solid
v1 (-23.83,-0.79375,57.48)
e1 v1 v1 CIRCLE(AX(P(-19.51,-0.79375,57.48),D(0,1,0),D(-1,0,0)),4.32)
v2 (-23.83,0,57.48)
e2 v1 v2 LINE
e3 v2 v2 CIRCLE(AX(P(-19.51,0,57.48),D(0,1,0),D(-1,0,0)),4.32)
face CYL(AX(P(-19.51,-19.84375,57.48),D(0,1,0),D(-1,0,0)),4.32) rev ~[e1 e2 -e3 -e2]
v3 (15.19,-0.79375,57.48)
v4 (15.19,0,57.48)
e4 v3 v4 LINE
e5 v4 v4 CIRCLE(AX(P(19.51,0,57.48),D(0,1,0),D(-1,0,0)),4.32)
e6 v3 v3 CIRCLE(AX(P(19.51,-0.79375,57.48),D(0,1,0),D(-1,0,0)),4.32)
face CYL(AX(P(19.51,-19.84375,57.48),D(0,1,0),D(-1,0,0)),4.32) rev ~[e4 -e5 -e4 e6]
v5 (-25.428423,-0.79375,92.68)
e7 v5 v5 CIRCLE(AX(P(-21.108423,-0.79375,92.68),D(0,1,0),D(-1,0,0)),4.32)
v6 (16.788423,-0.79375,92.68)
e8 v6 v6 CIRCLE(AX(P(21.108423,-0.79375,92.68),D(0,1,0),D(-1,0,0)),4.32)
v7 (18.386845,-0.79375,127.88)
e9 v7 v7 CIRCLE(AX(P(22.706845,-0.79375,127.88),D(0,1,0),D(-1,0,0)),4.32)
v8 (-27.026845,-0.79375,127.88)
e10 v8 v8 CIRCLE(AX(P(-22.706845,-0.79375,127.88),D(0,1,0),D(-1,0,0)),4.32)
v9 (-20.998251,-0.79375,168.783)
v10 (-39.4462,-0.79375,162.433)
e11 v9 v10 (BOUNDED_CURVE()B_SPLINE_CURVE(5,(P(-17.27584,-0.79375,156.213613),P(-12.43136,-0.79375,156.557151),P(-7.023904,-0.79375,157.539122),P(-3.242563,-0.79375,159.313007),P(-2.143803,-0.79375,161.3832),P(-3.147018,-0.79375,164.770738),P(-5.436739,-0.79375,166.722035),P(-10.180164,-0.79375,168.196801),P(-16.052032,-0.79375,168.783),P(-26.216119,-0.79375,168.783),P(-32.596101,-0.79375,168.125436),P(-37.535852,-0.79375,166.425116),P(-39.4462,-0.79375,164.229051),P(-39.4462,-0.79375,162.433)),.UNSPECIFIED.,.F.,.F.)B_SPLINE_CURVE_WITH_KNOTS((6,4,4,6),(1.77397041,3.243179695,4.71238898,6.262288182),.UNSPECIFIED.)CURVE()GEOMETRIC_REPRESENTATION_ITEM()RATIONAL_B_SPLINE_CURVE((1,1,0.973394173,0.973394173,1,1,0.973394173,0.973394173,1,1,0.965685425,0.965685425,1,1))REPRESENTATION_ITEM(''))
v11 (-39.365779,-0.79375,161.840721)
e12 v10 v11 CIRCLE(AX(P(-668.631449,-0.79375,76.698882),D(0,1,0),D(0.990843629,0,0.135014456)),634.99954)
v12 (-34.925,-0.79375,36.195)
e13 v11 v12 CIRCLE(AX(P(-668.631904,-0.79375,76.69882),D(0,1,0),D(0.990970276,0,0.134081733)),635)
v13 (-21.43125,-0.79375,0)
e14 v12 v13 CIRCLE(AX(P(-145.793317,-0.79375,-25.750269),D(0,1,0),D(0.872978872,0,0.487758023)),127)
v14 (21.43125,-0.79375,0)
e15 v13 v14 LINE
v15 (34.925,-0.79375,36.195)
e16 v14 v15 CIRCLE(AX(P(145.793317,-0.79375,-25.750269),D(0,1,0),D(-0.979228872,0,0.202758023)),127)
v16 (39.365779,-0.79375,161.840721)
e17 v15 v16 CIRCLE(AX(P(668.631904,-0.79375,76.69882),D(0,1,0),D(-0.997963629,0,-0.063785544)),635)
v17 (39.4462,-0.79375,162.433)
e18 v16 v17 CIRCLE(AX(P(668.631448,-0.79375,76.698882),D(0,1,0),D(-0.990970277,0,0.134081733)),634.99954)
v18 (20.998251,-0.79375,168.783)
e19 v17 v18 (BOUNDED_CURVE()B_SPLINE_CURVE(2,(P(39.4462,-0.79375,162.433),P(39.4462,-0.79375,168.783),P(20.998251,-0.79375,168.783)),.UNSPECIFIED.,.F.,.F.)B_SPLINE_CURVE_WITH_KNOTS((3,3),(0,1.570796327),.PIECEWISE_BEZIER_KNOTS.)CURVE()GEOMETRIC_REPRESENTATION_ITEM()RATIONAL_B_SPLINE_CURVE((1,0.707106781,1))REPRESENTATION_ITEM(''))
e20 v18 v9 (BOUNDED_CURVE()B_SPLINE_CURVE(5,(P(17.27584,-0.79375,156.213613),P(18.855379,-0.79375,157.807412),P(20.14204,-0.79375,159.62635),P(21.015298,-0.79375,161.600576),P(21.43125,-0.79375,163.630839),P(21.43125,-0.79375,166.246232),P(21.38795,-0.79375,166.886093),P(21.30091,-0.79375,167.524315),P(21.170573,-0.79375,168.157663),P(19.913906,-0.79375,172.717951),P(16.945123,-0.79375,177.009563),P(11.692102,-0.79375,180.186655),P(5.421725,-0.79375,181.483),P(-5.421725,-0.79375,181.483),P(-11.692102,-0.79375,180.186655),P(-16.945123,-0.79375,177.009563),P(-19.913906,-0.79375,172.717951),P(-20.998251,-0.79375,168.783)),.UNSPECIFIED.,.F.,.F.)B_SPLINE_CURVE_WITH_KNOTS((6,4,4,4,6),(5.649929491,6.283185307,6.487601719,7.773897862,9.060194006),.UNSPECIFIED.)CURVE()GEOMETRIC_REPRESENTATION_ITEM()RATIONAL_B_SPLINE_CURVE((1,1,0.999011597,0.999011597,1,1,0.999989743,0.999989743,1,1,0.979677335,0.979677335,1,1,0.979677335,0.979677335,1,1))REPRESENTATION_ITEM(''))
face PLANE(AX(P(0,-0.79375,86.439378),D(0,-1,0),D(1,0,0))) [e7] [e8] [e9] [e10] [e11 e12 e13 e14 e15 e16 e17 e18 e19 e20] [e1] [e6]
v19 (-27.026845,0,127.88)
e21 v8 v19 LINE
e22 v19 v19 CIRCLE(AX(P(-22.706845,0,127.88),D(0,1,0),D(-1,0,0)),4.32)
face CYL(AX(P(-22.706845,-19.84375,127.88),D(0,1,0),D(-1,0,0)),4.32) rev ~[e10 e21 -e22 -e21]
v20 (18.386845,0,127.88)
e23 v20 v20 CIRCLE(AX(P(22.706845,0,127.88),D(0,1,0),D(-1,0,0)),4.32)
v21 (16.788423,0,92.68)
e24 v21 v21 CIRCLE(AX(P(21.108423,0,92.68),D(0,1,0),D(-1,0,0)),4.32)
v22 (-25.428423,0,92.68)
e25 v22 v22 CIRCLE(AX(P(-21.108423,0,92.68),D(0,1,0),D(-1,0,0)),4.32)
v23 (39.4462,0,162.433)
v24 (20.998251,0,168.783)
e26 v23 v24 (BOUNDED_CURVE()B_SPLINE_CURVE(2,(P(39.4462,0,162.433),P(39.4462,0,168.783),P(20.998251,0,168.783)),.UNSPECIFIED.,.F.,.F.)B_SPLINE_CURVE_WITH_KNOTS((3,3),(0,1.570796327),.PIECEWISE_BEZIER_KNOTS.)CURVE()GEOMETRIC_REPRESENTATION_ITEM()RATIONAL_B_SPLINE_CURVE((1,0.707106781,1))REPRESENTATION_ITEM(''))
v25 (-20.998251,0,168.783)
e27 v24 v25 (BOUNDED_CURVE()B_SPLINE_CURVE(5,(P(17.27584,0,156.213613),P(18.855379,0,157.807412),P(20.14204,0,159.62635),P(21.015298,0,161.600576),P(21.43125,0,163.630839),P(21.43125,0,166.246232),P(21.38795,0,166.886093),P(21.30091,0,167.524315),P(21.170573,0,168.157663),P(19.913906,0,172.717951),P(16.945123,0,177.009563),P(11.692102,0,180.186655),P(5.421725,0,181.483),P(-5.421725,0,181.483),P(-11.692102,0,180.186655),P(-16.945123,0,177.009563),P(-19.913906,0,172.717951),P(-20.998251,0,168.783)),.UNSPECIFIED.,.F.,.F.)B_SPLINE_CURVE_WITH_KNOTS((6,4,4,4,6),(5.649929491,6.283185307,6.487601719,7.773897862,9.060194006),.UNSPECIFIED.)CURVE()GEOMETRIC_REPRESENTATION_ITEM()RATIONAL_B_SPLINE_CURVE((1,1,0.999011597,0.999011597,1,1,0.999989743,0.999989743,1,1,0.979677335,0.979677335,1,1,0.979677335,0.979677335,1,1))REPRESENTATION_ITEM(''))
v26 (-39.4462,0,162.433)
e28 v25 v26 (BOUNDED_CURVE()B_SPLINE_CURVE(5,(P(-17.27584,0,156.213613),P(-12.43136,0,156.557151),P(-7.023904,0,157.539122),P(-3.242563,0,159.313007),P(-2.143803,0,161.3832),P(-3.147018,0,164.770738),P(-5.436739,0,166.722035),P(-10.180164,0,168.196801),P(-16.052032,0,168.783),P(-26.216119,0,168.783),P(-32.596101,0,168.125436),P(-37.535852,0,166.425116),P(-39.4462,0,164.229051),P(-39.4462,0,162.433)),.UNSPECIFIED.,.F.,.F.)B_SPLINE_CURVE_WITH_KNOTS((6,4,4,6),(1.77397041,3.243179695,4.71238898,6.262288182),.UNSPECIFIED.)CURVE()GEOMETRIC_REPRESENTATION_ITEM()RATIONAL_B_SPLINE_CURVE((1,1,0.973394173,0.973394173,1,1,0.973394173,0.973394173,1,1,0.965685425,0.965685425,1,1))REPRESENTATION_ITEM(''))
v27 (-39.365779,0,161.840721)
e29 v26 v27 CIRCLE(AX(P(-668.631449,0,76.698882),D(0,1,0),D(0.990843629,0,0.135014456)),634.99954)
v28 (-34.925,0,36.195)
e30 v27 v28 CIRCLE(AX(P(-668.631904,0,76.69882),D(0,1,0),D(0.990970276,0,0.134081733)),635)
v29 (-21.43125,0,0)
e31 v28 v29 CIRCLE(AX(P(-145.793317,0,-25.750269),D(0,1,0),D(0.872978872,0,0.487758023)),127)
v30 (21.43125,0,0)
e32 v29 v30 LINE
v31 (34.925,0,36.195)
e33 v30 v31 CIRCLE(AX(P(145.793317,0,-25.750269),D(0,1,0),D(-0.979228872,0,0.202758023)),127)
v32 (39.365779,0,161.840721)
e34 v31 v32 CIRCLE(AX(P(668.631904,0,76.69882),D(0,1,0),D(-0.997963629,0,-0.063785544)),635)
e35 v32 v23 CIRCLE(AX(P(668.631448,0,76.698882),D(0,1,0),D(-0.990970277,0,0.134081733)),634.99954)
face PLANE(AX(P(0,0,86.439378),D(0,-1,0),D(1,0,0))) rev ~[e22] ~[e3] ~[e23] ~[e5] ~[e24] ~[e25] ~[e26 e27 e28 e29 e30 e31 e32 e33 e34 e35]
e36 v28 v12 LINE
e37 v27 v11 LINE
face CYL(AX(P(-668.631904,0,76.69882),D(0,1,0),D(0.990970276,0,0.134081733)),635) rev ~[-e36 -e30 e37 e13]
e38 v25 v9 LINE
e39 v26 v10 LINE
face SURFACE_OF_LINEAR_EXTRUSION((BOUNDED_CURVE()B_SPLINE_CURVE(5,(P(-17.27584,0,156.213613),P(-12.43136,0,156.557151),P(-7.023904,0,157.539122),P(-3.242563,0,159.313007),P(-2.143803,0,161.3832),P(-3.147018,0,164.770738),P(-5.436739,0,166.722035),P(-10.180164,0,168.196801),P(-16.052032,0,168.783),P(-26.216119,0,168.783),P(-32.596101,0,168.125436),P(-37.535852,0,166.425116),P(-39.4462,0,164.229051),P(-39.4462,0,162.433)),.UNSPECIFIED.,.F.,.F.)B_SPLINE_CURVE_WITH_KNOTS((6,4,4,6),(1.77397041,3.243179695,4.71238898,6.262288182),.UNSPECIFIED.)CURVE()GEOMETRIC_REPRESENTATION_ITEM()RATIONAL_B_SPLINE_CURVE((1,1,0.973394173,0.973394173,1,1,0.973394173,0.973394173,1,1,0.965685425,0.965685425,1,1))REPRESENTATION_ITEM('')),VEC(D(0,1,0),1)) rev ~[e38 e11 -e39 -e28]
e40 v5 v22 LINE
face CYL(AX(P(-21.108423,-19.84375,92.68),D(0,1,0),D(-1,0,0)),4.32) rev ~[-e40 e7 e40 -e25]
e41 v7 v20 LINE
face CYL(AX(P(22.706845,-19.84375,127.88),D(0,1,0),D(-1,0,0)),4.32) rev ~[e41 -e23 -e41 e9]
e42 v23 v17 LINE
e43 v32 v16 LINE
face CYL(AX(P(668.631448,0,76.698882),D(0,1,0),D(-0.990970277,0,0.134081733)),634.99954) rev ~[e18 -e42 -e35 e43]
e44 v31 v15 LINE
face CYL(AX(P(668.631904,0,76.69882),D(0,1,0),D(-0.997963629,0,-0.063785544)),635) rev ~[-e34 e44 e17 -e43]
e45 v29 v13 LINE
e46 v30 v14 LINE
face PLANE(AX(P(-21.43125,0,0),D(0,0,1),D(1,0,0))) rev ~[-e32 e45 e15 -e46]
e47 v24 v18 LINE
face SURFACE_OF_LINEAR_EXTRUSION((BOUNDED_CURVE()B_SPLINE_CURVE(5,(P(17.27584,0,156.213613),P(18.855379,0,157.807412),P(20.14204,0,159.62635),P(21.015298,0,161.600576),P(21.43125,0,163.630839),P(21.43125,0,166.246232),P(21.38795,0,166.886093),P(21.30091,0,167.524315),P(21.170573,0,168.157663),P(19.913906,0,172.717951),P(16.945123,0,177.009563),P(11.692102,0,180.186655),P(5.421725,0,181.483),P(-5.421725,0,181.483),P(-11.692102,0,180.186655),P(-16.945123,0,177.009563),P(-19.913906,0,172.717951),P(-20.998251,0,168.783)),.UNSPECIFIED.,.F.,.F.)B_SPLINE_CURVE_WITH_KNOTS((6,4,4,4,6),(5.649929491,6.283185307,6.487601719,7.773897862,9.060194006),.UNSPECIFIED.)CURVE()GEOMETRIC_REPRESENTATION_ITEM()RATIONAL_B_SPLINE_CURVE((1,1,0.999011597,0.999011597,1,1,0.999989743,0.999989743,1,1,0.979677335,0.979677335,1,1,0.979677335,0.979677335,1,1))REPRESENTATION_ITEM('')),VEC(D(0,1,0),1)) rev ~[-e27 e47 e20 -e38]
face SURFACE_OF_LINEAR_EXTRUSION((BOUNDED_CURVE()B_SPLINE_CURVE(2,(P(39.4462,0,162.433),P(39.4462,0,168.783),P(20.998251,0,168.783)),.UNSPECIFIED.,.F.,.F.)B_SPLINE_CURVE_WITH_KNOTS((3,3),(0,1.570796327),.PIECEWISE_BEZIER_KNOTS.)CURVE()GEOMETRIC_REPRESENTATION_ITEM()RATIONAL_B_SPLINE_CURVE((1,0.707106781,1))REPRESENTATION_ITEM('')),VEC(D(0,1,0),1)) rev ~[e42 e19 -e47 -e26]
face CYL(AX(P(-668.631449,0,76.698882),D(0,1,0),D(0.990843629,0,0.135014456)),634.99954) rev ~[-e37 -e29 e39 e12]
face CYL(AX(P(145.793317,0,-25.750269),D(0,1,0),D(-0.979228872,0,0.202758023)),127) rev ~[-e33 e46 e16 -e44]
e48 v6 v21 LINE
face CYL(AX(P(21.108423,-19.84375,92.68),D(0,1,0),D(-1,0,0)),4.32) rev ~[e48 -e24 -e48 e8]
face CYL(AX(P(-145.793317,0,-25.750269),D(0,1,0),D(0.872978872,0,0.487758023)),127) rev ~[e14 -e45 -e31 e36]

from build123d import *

# Parameters (mm, degrees)
F1_DEPTH = 0.79375
F3_D     = 8.64
F3_DEPTH = 19.05
F3_TIP   = 2.5957178742


with BuildPart() as f1:
    # F0 (on Front) → F1 (new body)
    with BuildSketch(Plane.XZ):
        with BuildLine():
            ThreePointArc((-34.925, 36.195), (-26.7939350854, 18.6135357138), (-21.43125, 0))
            Line((-21.43125, 0), (21.43125, 0))
            ThreePointArc((21.43125, 0), (26.7939350854, 18.6135357138), (34.925, 36.195))
            ThreePointArc((34.925, 36.195), (34.0281457568, 99.1280352492), (39.3657787077, 161.840720949))
            add(Edge.make_bspline(
                [(17.2758395415, 156.2136128394), (37.4450433399, 154.7833469527), (39.3657787077, 161.840720949)],
                knots=[4.5092148971, 4.5092148971, 4.5092148971, 6.189777243, 6.189777243, 6.189777243], degree=2, weights=[1, 0.667253426, 1]))
            add(Edge.make_bspline(
                [(-17.2758395415, 156.2136128394), (0, 138.7818089253), (17.2758395415, 156.2136128394)],
                knots=[3.7748484695, 3.7748484695, 3.7748484695, 5.6499294912, 5.6499294912, 5.6499294912], degree=2, weights=[1, 0.5917724196, 1]))
            add(Edge.make_bspline(
                [(-39.3657787077, 161.840720949), (-37.4450433399, 154.7833469527), (-17.2758395415, 156.2136128394)],
                knots=[0.0934080642, 0.0934080642, 0.0934080642, 1.7739704101, 1.7739704101, 1.7739704101], degree=2, weights=[1, 0.667253426, 1]))
            ThreePointArc((-39.3657787077, 161.840720949), (-34.0281457568, 99.1280352492), (-34.925, 36.195))
        make_face()
        with BuildLine():
            ThreePointArc((-39.4462, 162.433), (-39.4059196661, 162.1368699369), (-39.3657787077, 161.840720949))
            add(Edge.make_bspline(
                [(-39.3657787077, 161.840720949), (-37.4450433399, 154.7833469527), (-17.2758395415, 156.2136128394)],
                knots=[0.0934080642, 0.0934080642, 0.0934080642, 1.7739704101, 1.7739704101, 1.7739704101], degree=2, weights=[1, 0.667253426, 1]))
            add(Edge.make_bspline(
                [(-20.99825082, 168.783), (-22.8985434862, 161.8870779347), (-17.2758395415, 156.2136128394)],
                knots=[2.9402347328, 2.9402347328, 2.9402347328, 3.7748484695, 3.7748484695, 3.7748484695], degree=2, weights=[1, 0.9141837803, 1]))
            add(Edge.make_bspline(
                [(-20.99825082, 168.783), (-39.4462, 168.783), (-39.4462, 162.433)],
                knots=[4.7123889804, 4.7123889804, 4.7123889804, 6.2831853072, 6.2831853072, 6.2831853072], degree=2, weights=[1, 0.7071067812, 1]))
        make_face()
        with BuildLine():
            add(Edge.make_bspline(
                [(-20.99825082, 168.783), (-22.8985434862, 161.8870779347), (-17.2758395415, 156.2136128394)],
                knots=[2.9402347328, 2.9402347328, 2.9402347328, 3.7748484695, 3.7748484695, 3.7748484695], degree=2, weights=[1, 0.9141837803, 1]))
            add(Edge.make_bspline(
                [(-17.2758395415, 156.2136128394), (-0.9555751765, 157.3709375219), (-2.6454105494, 163.076968761), (-4.3352459223, 168.783), (-20.99825082, 168.783)],
                knots=[1.7739704101, 1.7739704101, 1.7739704101, 3.2431796952, 3.2431796952, 4.7123889804, 4.7123889804, 4.7123889804], degree=2, weights=[1, 0.742095817, 1, 0.742095817, 1]))
        make_face()
        with BuildLine():
            add(Edge.make_bspline(
                [(-17.2758395415, 156.2136128394), (-0.9555751765, 157.3709375219), (-2.6454105494, 163.076968761), (-4.3352459223, 168.783), (-20.99825082, 168.783)],
                knots=[1.7739704101, 1.7739704101, 1.7739704101, 3.2431796952, 3.2431796952, 4.7123889804, 4.7123889804, 4.7123889804], degree=2, weights=[1, 0.742095817, 1, 0.742095817, 1]))
            add(Edge.make_bspline(
                [(-17.2758395415, 156.2136128394), (0, 138.7818089253), (17.2758395415, 156.2136128394)],
                knots=[3.7748484695, 3.7748484695, 3.7748484695, 5.6499294912, 5.6499294912, 5.6499294912], degree=2, weights=[1, 0.5917724196, 1]))
            add(Edge.make_bspline(
                [(20.99825082, 168.783), (4.3352459223, 168.783), (2.6454105494, 163.076968761), (0.9555751765, 157.3709375219), (17.2758395415, 156.2136128394)],
                knots=[1.5707963268, 1.5707963268, 1.5707963268, 3.0400056119, 3.0400056119, 4.5092148971, 4.5092148971, 4.5092148971], degree=2, weights=[1, 0.742095817, 1, 0.742095817, 1]))
            add(Edge.make_bspline(
                [(20.99825082, 168.783), (17.49854235, 181.483), (0, 181.483), (-17.49854235, 181.483), (-20.99825082, 168.783)],
                knots=[0.2013579208, 0.2013579208, 0.2013579208, 1.5707963268, 1.5707963268, 2.9402347328, 2.9402347328, 2.9402347328], degree=2, weights=[1, 0.7745966692, 1, 0.7745966692, 1]))
        make_face()
        with BuildLine():
            add(Edge.make_bspline(
                [(20.99825082, 168.783), (4.3352459223, 168.783), (2.6454105494, 163.076968761), (0.9555751765, 157.3709375219), (17.2758395415, 156.2136128394)],
                knots=[1.5707963268, 1.5707963268, 1.5707963268, 3.0400056119, 3.0400056119, 4.5092148971, 4.5092148971, 4.5092148971], degree=2, weights=[1, 0.742095817, 1, 0.742095817, 1]))
            add(Edge.make_bspline(
                [(17.2758395415, 156.2136128394), (21.43125, 160.4065378849), (21.43125, 165.608)],
                knots=[5.6499294912, 5.6499294912, 5.6499294912, 6.2831853072, 6.2831853072, 6.2831853072], degree=2, weights=[1, 0.9502907666, 1]))
            add(Edge.make_bspline(
                [(21.43125, 165.608), (21.43125, 167.2117006666), (20.99825082, 168.783)],
                knots=[0, 0, 0, 0.2013579208, 0.2013579208, 0.2013579208], degree=2, weights=[1, 0.994936153, 1]))
        make_face()
        with BuildLine():
            add(Edge.make_bspline(
                [(17.2758395415, 156.2136128394), (37.4450433399, 154.7833469527), (39.3657787077, 161.840720949)],
                knots=[4.5092148971, 4.5092148971, 4.5092148971, 6.189777243, 6.189777243, 6.189777243], degree=2, weights=[1, 0.667253426, 1]))
            ThreePointArc((39.3657787077, 161.840720949), (39.4059196661, 162.1368699369), (39.4462, 162.433))
            add(Edge.make_bspline(
                [(39.4462, 162.433), (39.4462, 168.783), (20.99825082, 168.783)],
                knots=[0, 0, 0, 1.5707963268, 1.5707963268, 1.5707963268], degree=2, weights=[1, 0.7071067812, 1]))
            add(Edge.make_bspline(
                [(21.43125, 165.608), (21.43125, 167.2117006666), (20.99825082, 168.783)],
                knots=[0, 0, 0, 0.2013579208, 0.2013579208, 0.2013579208], degree=2, weights=[1, 0.994936153, 1]))
            add(Edge.make_bspline(
                [(17.2758395415, 156.2136128394), (21.43125, 160.4065378849), (21.43125, 165.608)],
                knots=[5.6499294912, 5.6499294912, 5.6499294912, 6.2831853072, 6.2831853072, 6.2831853072], degree=2, weights=[1, 0.9502907666, 1]))
        make_face()
    extrude(amount=F1_DEPTH)

    # F3
    with Locations(Plane.XZ.offset(0.79375)):
        with Locations((-19.51, 57.48), (19.51, 57.48), (21.1084226467, 92.68), (-21.1084226467, 92.68), (-22.7068452934, 127.88), (22.7068452934, 127.88)):
            Hole(F3_D / 2, depth=F3_DEPTH)
            with Locations((0, 0, -(F3_DEPTH + F3_TIP / 2))):  # 118° drill point
                Cone(0, F3_D / 2, F3_TIP, mode=Mode.SUBTRACT)


solid = f1.part
